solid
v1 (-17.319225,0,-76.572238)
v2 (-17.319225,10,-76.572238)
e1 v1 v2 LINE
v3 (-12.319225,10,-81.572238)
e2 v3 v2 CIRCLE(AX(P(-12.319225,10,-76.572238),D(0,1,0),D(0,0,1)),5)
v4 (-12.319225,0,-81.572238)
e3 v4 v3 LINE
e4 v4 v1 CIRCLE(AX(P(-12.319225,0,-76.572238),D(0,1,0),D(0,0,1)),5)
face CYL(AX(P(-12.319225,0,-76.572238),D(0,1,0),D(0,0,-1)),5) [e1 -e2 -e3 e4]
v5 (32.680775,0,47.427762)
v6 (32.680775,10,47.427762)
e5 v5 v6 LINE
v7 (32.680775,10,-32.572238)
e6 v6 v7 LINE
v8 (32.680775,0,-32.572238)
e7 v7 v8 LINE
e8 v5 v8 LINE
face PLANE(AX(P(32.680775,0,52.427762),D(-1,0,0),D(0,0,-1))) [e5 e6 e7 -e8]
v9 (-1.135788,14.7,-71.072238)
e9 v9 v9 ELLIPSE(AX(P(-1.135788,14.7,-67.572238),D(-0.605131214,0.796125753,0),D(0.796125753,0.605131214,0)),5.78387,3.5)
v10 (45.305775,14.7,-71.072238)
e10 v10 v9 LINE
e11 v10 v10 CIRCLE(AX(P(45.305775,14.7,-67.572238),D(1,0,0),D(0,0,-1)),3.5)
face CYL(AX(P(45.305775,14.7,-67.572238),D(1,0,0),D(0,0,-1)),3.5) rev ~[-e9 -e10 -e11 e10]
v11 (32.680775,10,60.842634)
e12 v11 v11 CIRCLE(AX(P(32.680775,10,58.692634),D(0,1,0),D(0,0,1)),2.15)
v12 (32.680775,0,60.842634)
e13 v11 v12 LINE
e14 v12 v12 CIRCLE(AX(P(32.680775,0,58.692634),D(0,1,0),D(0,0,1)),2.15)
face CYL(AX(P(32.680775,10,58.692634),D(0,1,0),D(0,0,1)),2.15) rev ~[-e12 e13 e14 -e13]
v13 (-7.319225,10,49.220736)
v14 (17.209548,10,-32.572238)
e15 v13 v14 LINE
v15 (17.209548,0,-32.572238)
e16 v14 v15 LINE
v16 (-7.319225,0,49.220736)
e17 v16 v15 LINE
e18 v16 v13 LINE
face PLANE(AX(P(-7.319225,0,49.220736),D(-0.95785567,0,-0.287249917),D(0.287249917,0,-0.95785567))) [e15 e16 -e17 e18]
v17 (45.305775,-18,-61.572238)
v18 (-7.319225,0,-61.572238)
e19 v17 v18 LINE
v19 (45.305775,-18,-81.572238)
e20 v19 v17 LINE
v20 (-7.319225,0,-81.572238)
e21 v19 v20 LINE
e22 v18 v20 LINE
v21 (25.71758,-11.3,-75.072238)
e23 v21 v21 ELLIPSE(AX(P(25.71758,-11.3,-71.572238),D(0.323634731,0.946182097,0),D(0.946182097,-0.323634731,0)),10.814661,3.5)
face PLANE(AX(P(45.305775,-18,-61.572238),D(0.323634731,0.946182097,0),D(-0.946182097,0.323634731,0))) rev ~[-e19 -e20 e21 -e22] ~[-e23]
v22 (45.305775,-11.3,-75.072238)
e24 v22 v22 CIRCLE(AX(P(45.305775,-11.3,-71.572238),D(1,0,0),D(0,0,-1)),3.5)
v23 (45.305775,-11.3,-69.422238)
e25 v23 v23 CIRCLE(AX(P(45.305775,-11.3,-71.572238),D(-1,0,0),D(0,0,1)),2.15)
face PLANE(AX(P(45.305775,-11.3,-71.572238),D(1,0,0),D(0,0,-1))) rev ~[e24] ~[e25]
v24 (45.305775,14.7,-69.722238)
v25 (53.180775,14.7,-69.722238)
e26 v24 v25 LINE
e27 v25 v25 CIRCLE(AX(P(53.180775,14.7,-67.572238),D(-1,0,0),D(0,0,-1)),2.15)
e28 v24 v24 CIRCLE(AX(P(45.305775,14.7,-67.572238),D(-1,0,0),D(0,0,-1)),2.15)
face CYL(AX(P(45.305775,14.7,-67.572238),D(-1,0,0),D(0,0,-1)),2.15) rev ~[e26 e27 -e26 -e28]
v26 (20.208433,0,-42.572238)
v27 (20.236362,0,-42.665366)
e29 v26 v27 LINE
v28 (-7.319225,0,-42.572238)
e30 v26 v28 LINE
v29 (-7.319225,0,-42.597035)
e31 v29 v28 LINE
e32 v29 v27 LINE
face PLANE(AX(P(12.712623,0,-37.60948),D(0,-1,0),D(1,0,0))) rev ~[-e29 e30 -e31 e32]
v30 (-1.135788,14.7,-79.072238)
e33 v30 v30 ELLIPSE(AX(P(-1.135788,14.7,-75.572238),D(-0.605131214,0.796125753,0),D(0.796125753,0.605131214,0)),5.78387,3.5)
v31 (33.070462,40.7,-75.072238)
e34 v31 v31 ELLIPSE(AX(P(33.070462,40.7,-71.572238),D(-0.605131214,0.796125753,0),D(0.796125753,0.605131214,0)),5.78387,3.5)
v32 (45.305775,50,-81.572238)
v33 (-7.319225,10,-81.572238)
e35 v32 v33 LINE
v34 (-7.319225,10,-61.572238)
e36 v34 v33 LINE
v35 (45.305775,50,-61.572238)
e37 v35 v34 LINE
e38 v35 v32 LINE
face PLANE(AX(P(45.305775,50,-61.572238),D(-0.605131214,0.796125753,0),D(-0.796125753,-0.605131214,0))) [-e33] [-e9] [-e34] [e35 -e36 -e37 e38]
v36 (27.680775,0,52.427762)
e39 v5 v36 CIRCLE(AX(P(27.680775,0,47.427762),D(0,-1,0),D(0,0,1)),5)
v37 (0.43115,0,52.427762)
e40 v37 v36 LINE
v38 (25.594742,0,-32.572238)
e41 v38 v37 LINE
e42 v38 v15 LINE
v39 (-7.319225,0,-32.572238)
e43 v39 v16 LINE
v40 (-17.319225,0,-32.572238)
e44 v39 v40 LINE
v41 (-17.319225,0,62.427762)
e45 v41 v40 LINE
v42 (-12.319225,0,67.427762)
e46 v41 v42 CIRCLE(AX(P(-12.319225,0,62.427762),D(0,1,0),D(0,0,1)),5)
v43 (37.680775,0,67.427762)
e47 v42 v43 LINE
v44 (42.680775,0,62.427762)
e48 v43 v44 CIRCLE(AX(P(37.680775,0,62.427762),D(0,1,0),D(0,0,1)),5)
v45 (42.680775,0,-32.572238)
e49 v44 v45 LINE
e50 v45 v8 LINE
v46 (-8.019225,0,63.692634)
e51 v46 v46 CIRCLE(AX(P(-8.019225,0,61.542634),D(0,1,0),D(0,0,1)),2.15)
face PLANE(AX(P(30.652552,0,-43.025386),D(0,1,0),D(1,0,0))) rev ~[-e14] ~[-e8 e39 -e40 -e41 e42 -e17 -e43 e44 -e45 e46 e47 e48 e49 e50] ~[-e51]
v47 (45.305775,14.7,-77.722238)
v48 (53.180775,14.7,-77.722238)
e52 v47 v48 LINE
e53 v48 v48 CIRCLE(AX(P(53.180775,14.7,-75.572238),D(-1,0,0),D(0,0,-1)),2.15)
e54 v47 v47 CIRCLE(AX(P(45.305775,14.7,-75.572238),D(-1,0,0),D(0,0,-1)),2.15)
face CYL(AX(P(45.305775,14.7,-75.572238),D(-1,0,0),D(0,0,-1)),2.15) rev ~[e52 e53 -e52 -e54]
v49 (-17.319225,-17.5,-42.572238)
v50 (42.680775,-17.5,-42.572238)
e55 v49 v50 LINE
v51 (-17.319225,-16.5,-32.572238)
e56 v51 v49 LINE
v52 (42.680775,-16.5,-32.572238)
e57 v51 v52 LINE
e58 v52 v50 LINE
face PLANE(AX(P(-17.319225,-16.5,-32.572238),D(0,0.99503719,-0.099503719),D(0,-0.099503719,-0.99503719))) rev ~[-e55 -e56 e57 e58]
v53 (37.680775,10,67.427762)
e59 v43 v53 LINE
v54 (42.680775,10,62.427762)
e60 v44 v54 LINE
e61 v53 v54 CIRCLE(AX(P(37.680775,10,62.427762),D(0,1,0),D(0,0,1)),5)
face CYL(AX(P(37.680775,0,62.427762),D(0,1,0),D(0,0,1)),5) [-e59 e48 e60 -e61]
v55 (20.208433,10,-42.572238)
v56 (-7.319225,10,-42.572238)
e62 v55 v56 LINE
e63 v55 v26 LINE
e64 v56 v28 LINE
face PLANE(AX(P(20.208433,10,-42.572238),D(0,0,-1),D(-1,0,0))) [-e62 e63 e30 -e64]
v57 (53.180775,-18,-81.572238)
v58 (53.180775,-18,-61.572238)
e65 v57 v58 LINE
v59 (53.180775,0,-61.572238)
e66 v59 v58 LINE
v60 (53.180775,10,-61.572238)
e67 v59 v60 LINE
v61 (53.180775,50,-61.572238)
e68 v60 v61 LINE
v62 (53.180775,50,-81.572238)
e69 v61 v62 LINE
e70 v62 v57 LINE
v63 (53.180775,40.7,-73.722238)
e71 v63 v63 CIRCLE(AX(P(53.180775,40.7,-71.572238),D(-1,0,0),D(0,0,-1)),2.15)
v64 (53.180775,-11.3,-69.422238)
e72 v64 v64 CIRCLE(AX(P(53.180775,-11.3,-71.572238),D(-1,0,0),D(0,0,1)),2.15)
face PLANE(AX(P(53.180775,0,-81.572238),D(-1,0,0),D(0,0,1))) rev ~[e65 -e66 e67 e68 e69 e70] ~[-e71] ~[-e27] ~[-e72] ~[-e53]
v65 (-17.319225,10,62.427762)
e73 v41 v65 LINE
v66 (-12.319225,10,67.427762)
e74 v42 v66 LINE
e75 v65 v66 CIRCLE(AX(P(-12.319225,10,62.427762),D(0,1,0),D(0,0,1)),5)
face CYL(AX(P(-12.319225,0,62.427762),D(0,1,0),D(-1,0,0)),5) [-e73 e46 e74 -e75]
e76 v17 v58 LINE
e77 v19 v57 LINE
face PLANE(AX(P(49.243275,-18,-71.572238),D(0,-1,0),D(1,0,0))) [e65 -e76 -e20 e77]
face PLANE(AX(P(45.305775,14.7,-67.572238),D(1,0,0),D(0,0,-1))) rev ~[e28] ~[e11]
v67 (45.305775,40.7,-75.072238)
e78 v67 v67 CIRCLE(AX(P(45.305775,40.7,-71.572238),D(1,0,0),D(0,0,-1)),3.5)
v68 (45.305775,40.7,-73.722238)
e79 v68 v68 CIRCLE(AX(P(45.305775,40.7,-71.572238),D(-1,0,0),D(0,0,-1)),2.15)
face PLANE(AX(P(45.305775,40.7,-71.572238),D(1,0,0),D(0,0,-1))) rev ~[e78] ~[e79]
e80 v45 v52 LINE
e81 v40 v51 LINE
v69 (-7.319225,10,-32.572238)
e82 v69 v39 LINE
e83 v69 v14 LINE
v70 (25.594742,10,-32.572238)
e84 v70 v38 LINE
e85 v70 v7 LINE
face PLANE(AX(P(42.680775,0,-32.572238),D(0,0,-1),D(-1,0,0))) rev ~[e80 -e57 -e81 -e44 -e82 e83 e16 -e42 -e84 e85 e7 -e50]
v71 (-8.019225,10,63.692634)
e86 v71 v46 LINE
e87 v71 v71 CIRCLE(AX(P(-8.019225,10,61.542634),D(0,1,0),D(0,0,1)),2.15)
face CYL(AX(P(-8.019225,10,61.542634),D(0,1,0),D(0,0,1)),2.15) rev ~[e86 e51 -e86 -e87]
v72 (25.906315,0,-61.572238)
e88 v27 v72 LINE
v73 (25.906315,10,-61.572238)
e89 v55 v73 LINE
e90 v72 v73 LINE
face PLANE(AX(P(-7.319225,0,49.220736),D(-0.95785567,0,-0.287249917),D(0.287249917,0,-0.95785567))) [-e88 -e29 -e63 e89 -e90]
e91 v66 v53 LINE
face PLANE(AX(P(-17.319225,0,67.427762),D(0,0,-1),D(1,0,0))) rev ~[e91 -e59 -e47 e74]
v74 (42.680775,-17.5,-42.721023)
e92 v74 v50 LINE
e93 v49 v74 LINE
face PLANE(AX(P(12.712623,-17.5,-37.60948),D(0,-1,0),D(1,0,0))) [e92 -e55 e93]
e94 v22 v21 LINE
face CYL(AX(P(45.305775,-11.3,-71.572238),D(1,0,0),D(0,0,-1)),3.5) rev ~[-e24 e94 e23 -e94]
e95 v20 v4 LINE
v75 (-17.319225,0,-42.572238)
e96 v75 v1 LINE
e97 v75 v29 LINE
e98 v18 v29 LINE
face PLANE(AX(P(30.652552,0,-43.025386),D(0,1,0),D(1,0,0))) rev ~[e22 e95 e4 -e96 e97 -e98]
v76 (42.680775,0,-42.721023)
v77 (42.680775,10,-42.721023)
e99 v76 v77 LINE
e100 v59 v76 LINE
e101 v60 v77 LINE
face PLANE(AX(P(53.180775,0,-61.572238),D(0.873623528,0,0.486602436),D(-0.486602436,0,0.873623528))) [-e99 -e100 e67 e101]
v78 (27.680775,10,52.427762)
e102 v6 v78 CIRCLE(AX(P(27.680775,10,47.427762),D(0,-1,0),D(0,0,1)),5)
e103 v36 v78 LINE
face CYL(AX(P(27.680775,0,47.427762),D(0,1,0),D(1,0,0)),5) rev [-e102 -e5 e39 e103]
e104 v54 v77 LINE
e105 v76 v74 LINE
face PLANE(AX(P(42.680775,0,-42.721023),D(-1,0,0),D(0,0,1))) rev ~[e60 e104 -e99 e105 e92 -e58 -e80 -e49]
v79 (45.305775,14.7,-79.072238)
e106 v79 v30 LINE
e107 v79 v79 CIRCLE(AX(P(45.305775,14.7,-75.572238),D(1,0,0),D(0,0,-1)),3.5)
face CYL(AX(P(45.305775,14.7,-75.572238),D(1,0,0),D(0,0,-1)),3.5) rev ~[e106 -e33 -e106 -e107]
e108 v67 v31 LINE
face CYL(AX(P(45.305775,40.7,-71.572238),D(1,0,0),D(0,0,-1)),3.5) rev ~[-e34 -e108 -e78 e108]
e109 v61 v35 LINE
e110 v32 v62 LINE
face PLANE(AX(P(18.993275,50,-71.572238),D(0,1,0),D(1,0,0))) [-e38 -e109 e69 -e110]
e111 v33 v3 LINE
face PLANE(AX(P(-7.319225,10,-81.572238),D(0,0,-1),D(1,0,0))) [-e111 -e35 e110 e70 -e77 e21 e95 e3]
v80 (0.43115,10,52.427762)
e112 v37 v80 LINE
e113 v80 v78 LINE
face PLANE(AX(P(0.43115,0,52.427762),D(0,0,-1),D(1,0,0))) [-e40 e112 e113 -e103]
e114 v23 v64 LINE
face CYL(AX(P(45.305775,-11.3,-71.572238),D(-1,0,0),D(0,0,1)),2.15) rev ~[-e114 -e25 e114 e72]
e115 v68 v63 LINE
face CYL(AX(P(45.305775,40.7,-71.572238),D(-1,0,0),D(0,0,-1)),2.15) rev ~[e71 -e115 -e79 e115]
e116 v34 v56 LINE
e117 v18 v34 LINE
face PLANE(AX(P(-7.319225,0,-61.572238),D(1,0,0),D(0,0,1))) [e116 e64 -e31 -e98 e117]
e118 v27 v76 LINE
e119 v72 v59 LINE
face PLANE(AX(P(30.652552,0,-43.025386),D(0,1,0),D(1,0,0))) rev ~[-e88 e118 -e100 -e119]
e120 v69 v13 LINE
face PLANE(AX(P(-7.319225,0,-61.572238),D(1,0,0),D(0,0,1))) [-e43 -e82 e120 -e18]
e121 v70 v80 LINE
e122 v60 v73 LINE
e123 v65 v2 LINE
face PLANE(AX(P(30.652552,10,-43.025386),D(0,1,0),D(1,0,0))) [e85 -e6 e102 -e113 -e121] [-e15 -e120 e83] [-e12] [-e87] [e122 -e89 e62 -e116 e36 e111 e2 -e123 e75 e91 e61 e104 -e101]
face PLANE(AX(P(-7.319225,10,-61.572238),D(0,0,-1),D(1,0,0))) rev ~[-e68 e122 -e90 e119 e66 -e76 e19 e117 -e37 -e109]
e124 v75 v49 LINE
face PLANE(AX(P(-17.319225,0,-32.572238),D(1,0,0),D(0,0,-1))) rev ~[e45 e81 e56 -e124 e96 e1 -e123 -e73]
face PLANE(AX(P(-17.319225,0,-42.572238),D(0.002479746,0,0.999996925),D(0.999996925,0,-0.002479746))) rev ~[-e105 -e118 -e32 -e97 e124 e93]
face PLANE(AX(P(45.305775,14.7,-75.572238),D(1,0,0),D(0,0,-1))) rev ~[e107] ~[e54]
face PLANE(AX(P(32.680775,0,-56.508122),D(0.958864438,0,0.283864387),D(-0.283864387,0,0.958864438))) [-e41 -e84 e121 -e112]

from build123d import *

# Parameters (mm, degrees)
EXTRUDE_1_DEPTH                 = 10
SKETCH_4_W                      = 7.875
SKETCH_4_H                      = 20
EXTRUDE_2_DEPTH                 = 40
CUT_EXTRUDE_1_REACH             = 116.35
SKETCH_5_R                      = 2.15
CUT_EXTRUDE_1_DIRECTION_2_DEPTH = 53
CUT_EXTRUDE_2_REACH             = 107.272
SKETCH_6_R                      = 2.15
FILLET_1_R                      = 5
FILLET_2_R                      = 5
SKETCH_7_W                      = 7.875
SKETCH_7_H                      = 20
EXTRUDE_3_DEPTH                 = 18
CUT_EXTRUDE_3_REACH             = 116.35
SKETCH_8_R                      = 2.15
EXTRUDE_8_DEPTH                 = 20
SKETCH_15_W                     = 52.625
SKETCH_15_H                     = 20
EXTRUDE_9_DEPTH                 = 40
CUT_EXTRUDE_START               = -7.875
SKETCH_14_R                     = 3.5
CUT_EXTRUDE_8_DEPTH             = 54
CUT_EXTRUDE_10_DEPTH            = 20
EXTRUDE_10_DEPTH                = 10
EXTRUDE_11_DEPTH                = 17.5
CUT_EXTRUDE_11_DEPTH            = 64


with BuildPart() as part:
    # 草图1 → 凸台-拉伸1 (new body)
    with BuildSketch(Plane(origin=(0, 0, 0), x_dir=(1, 0, 0), z_dir=(0, 1, 0))):
        Polygon((5.931150433, 81.572237736), (53.180774799, 81.572237736), (53.180774799, 61.572237736), (42.680774799, 42.721022935), (42.680774799, 31.757290204), (42.680774799, -57.600660719), (42.680774799, -67.427762264), (0.431150433, -67.427762264), (-17.319225201, -67.427762264), (-17.319225201, 81.572237736), align=None)
        Polygon((47.930774799, 61.572237736), (42.680774799, 61.572237736), (42.680774799, 52.689495612), align=None, mode=Mode.SUBTRACT)
        Polygon((25.906315323, 61.572237736), (-7.319225201, 61.572237736), (-7.319225201, -49.220735683), align=None, mode=Mode.SUBTRACT)
        Polygon((0.431150433, -52.427762264), (32.680774799, -52.427762264), (32.680774799, 56.508121895), align=None, mode=Mode.SUBTRACT)
    extrude(amount=EXTRUDE_1_DEPTH)

    # 草图4 → 凸台-拉伸2 (add)
    with BuildSketch(Plane(origin=(0, 10, 0), x_dir=(1, 0, 0), z_dir=(0, 1, 0))):
        with Locations((49.243274799, 71.572237736)):
            Rectangle(SKETCH_4_W, SKETCH_4_H)
    extrude(amount=EXTRUDE_2_DEPTH)

    # 草图5 → 切除-拉伸1 (cut, up to next)
    with BuildSketch(Plane.ZY.offset(-45.305774799), mode=Mode.PRIVATE) as cut_extrude_1_sk1:
        with Locations(Location((-75.572237736, 14.7, 0), (0, 0, 180))):
            Circle(SKETCH_5_R)
    cut_extrude_1_tool1 = extrude(cut_extrude_1_sk1.sketch, amount=-CUT_EXTRUDE_1_REACH, mode=Mode.PRIVATE) & part.part
    # 草图5 → 切除-拉伸1 (cut, up to next)
    with BuildSketch(Plane.ZY.offset(-45.305774799), mode=Mode.PRIVATE) as cut_extrude_1_sk2:
        with Locations(Location((-67.572237736, 14.7, 0), (0, 0, 180))):
            Circle(SKETCH_5_R)
    cut_extrude_1_tool2 = extrude(cut_extrude_1_sk2.sketch, amount=-CUT_EXTRUDE_1_REACH, mode=Mode.PRIVATE) & part.part
    # 草图5 → 切除-拉伸1 (cut, up to next)
    with BuildSketch(Plane.ZY.offset(-45.305774799), mode=Mode.PRIVATE) as cut_extrude_1_sk3:
        with Locations(Location((-71.572237736, 40.7, 0), (0, 0, 180))):
            Circle(SKETCH_5_R)
    cut_extrude_1_tool3 = extrude(cut_extrude_1_sk3.sketch, amount=-CUT_EXTRUDE_1_REACH, mode=Mode.PRIVATE) & part.part
    add(cut_extrude_1_tool1.solids().sort_by_distance((45.305775, 14.7, -75.572238))[0], mode=Mode.SUBTRACT)
    add(cut_extrude_1_tool2.solids().sort_by_distance((45.305775, 14.7, -67.572238))[0], mode=Mode.SUBTRACT)
    add(cut_extrude_1_tool3.solids().sort_by_distance((45.305775, 40.7, -71.572238))[0], mode=Mode.SUBTRACT)

    # 草图5 → 切除-拉伸1 direction 2 (cut)
    with BuildSketch(Plane.ZY.offset(-45.305774799)):
        with Locations(Location((-75.572237736, 14.7, 0), (0, 0, 180))):
            Circle(SKETCH_5_R)
        with Locations(Location((-67.572237736, 14.7, 0), (0, 0, 180))):
            Circle(SKETCH_5_R)
        with Locations(Location((-71.572237736, 40.7, 0), (0, 0, 180))):
            Circle(SKETCH_5_R)
    extrude(amount=CUT_EXTRUDE_1_DIRECTION_2_DEPTH, mode=Mode.SUBTRACT)

    # 草图6 → 切除-拉伸2 (cut, up to next)
    with BuildSketch(Plane(origin=(0, 10, 0), x_dir=(1, 0, 0), z_dir=(0, 1, 0)), mode=Mode.PRIVATE) as cut_extrude_2_sk1:
        with Locations(Location((-8.019225201, -61.542634482, 0), (0, 0, 270))):
            Circle(SKETCH_6_R)
    cut_extrude_2_tool1 = extrude(cut_extrude_2_sk1.sketch, amount=-CUT_EXTRUDE_2_REACH, mode=Mode.PRIVATE) & part.part
    # 草图6 → 切除-拉伸2 (cut, up to next)
    with BuildSketch(Plane(origin=(0, 10, 0), x_dir=(1, 0, 0), z_dir=(0, 1, 0)), mode=Mode.PRIVATE) as cut_extrude_2_sk2:
        with Locations(Location((32.680774799, -58.692634482, 0), (0, 0, 270))):
            Circle(SKETCH_6_R)
    cut_extrude_2_tool2 = extrude(cut_extrude_2_sk2.sketch, amount=-CUT_EXTRUDE_2_REACH, mode=Mode.PRIVATE) & part.part
    add(cut_extrude_2_tool1.solids().sort_by_distance((-8.019225, 10, 61.542634))[0], mode=Mode.SUBTRACT)
    add(cut_extrude_2_tool2.solids().sort_by_distance((32.680775, 10, 58.692634))[0], mode=Mode.SUBTRACT)

    # 圆角1
    fillet_1_edges = [part.edges().sort_by_distance(p)[0] for p in [
        (-17.319225201, 5, 67.427762264),
        (-17.319225201, 5, -81.572237736),
        (42.680774799, 5, 67.427762264),
    ]]
    fillet(fillet_1_edges, radius=FILLET_1_R)

    # 圆角2
    fillet_2_edges = [part.edges().sort_by_distance(p)[0] for p in [
        (32.680774799, 5, 52.427762264),
    ]]
    fillet(fillet_2_edges, radius=FILLET_2_R)

    # 草图7 → 凸台-拉伸3 (add)
    with BuildSketch(Plane.XZ):
        with Locations((49.243274799, -71.572237736)):
            Rectangle(SKETCH_7_W, SKETCH_7_H)
    extrude(amount=EXTRUDE_3_DEPTH)

    # 草图8 → 切除-拉伸3 (cut, up to next)
    with BuildSketch(Plane.ZY.offset(-45.305774799), mode=Mode.PRIVATE) as cut_extrude_3_sk1:
        with Locations((-71.572237736, -11.3)):
            Circle(SKETCH_8_R)
    cut_extrude_3_tool1 = extrude(cut_extrude_3_sk1.sketch, amount=-CUT_EXTRUDE_3_REACH, mode=Mode.PRIVATE) & part.part
    add(cut_extrude_3_tool1.solids().sort_by_distance((45.305775, -11.3, -71.572238))[0], mode=Mode.SUBTRACT)

    # 草图13 → 凸台-拉伸8 (add)
    with BuildSketch(Plane.XY.offset(-61.572237736)):
        Polygon((45.305774799, 0), (45.305774799, -18), (-7.319225201, 0), align=None)
    extrude(amount=-EXTRUDE_8_DEPTH)

    # 草图15 → 凸台-拉伸9 (add)
    with BuildSketch(Plane(origin=(0, 10, 0), x_dir=(1, 0, 0), z_dir=(0, 1, 0))):
        with Locations((18.993274799, 71.572237736)):
            Rectangle(SKETCH_15_W, SKETCH_15_H)
    extrude(amount=EXTRUDE_9_DEPTH)

    # 草图14 → 切除-拉伸8 (cut)
    with BuildSketch(Plane(origin=(53.180774799, 0, 0), x_dir=(0, 0, -1), z_dir=(1, 0, 0)).offset(CUT_EXTRUDE_START)):
        with Locations((71.572237736, 40.7)):
            Circle(SKETCH_14_R)
        with Locations((67.572237736, 14.7)):
            Circle(SKETCH_14_R)
        with Locations((75.572237736, 14.7)):
            Circle(SKETCH_14_R)
        with Locations((71.572237736, -11.3)):
            Circle(SKETCH_14_R)
    extrude(amount=-CUT_EXTRUDE_8_DEPTH, mode=Mode.SUBTRACT)

    # 草图17 → 切除-拉伸10 (cut)
    with BuildSketch(Plane.XY.offset(-61.572237736)):
        Polygon((-7.319225201, 10), (-7.319225201, 50), (45.305774799, 50), align=None)
    extrude(amount=-CUT_EXTRUDE_10_DEPTH, mode=Mode.SUBTRACT)

    # 草图18 → 凸台-拉伸10 (add)
    with BuildSketch(Plane(origin=(0, 10, 0), x_dir=(1, 0, 0), z_dir=(0, 1, 0))):
        Polygon((-7.319225201, 32.572237736), (17.209548321, 32.572237736), (20.208433494, 42.572237736), (-7.319225201, 42.572237736), align=None)
        Polygon((25.594741772, 32.572237736), (32.680774799, 32.572237736), (32.680774799, 56.508121895), align=None)
        Polygon((42.680774799, 61.572237736), (42.680774799, 52.689495612), (47.930774799, 61.572237736), align=None)
    extrude(amount=-EXTRUDE_10_DEPTH)

    # 草图19 → 凸台-拉伸11 (add)
    with BuildSketch(Plane.XZ):
        Polygon((-17.319225201, -32.572237736), (-17.319225201, -42.572237736), (42.680774799, -42.721022935), (42.680774799, -32.572237736), align=None)
    extrude(amount=EXTRUDE_11_DEPTH)

    # 草图20 → 切除-拉伸11 (cut)
    with BuildSketch(Plane.ZY.offset(17.319225201)):
        Polygon((-42.572237736, -17.5), (-32.572237736, -17.5), (-32.572237736, -16.5), align=None)
    extrude(amount=-CUT_EXTRUDE_11_DEPTH, mode=Mode.SUBTRACT)


solid = part.part
